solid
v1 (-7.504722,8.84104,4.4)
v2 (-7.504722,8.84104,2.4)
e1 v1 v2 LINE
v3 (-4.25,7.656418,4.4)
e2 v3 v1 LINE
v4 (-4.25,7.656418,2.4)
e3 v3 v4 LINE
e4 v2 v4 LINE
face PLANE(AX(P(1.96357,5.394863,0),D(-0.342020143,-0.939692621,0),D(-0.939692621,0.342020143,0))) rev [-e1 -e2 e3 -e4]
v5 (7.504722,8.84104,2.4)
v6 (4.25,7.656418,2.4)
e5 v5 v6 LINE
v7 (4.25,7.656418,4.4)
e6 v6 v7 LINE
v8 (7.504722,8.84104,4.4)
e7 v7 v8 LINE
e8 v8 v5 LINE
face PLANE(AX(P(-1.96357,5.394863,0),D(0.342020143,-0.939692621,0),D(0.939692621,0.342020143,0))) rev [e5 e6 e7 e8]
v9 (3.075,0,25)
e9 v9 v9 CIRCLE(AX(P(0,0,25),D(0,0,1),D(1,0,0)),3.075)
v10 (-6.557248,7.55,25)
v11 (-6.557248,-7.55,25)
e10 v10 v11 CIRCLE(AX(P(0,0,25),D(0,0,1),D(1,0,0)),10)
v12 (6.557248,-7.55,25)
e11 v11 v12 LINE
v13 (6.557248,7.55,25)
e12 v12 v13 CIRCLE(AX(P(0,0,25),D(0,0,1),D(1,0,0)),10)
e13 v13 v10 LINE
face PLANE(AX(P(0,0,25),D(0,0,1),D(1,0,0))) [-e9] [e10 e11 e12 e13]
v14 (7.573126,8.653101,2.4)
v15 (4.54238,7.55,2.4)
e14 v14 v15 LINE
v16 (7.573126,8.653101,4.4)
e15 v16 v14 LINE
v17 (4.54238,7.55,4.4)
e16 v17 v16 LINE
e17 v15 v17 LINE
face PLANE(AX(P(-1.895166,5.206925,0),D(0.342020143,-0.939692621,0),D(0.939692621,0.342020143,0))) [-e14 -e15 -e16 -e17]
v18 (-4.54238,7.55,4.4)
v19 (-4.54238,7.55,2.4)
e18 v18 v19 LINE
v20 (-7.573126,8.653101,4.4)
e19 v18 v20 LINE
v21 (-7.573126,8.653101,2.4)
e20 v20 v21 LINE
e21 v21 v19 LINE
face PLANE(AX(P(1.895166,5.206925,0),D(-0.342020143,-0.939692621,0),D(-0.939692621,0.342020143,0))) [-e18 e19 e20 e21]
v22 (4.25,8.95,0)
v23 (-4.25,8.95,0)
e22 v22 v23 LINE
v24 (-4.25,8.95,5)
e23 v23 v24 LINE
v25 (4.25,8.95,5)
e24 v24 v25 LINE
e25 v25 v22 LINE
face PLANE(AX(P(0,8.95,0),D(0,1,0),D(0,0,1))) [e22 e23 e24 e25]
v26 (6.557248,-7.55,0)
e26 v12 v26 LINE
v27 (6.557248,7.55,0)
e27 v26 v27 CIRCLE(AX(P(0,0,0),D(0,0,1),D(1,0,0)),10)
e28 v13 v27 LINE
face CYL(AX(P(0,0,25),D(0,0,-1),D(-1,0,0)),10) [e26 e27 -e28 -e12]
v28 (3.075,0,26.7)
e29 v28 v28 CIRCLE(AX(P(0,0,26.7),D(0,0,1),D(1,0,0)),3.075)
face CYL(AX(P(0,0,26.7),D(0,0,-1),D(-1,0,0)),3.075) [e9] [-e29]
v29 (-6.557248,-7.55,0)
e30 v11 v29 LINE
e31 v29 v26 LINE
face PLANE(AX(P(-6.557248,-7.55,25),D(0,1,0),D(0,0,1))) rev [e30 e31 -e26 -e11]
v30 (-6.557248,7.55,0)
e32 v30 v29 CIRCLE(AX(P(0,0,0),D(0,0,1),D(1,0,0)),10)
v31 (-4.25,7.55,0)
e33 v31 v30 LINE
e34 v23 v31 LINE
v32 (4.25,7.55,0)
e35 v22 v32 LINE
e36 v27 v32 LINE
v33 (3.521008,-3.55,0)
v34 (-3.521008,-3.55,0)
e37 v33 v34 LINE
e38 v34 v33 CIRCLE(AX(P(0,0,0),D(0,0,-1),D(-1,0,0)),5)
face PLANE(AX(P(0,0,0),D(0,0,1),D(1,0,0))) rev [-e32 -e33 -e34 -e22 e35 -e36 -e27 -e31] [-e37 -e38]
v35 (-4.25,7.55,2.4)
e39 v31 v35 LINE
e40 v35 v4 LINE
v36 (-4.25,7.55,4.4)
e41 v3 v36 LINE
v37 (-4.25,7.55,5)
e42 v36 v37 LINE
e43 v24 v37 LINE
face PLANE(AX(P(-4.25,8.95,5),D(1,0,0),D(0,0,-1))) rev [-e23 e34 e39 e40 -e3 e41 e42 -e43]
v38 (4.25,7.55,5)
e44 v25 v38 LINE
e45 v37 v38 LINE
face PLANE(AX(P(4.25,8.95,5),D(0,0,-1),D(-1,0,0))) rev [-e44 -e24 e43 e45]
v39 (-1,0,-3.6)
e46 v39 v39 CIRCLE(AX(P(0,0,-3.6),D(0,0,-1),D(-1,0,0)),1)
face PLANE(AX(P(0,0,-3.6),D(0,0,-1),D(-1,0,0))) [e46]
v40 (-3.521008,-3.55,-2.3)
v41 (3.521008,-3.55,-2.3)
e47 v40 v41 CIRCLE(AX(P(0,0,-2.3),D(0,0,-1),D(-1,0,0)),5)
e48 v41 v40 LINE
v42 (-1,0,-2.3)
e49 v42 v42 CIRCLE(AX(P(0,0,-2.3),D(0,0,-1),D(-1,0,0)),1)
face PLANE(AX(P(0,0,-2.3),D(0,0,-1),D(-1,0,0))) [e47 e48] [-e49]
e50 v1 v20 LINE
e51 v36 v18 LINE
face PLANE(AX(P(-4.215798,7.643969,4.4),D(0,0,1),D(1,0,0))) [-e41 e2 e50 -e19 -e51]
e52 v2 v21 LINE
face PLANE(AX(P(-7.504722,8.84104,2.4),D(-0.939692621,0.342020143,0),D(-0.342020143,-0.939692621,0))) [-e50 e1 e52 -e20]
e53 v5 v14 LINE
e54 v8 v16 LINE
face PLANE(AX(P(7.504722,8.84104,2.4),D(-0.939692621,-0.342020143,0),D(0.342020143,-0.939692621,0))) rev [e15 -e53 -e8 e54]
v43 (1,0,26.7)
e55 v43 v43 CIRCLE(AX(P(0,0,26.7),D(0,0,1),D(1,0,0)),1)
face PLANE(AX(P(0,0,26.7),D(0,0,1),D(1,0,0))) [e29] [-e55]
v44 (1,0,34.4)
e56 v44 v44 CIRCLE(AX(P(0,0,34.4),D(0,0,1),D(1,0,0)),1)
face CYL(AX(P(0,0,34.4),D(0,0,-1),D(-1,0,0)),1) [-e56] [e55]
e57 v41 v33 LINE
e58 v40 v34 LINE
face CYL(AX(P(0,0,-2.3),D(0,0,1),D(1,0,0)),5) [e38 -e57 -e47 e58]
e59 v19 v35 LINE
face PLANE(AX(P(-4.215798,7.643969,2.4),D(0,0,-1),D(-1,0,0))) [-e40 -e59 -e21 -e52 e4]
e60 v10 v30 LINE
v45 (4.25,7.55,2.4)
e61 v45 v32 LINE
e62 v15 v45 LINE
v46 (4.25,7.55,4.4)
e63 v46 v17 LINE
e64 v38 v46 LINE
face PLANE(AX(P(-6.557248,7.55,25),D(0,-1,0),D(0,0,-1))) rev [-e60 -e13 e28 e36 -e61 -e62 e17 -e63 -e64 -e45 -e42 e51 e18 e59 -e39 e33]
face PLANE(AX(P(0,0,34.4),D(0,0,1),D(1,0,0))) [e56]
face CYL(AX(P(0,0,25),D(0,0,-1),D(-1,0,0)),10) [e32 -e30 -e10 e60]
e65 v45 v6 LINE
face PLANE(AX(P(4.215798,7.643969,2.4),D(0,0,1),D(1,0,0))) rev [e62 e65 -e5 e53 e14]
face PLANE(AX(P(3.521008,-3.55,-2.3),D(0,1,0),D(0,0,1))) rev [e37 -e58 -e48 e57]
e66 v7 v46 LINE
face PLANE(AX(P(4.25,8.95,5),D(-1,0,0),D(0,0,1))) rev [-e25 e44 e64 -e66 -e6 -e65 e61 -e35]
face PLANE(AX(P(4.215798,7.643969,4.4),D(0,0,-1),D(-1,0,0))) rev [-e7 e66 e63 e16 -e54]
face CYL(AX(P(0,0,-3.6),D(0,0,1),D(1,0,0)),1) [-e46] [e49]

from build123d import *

# Parameters (mm, degrees)
EXTRUDE_1_DEPTH = 25
SKETCH_3_R      = 1
EXTRUDE_2_DEPTH = 9.4
SKETCH_4_R      = 3.075
EXTRUDE_3_DEPTH = 1.7
EXTRUDE_4_DEPTH = 2.3
EXTRUDE_START   = 1.3
SKETCH_6_R      = 1
EXTRUDE_5_DEPTH = 1.3
SKETCH_8_W      = 8.5
SKETCH_8_H      = 5
EXTRUDE_6_DEPTH = 1.4
SKETCH_9_W      = 2
SKETCH_9_H      = 3.5
EXTRUDE_7_DEPTH = 0.1


with BuildPart() as part:
    # 草图2 → 凸台-拉伸1 (new body)
    with BuildSketch(Plane.XY):
        with BuildLine():
            Line((-6.557247898, -7.55), (6.557247898, -7.55))
            ThreePointArc((6.557247898, -7.55), (10, 0), (6.557247898, 7.55))
            Line((6.557247898, 7.55), (-6.557247898, 7.55))
            ThreePointArc((-6.557247898, 7.55), (-10, 0), (-6.557247898, -7.55))
        make_face()
    extrude(amount=EXTRUDE_1_DEPTH)

    # 草图3 → 凸台-拉伸2 (add)
    with BuildSketch(Plane.XY.offset(25)):
        Circle(SKETCH_3_R)
    extrude(amount=EXTRUDE_2_DEPTH)

    # 草图4 → 凸台-拉伸3 (add)
    with BuildSketch(Plane.XY.offset(25)):
        Circle(SKETCH_4_R)
    extrude(amount=EXTRUDE_3_DEPTH)

    # 草图5 → 凸台-拉伸4 (add)
    with BuildSketch(Plane(origin=(0, 0, 0), x_dir=(-1, 0, 0), z_dir=(0, 0, -1))):
        with BuildLine():
            Line((-3.521008378, -3.55), (3.521008378, -3.55))
            ThreePointArc((3.521008378, -3.55), (0, 5), (-3.521008378, -3.55))
        make_face()
    extrude(amount=EXTRUDE_4_DEPTH)

    # 草图6 → 凸台-拉伸5 (add)
    with BuildSketch(Plane(origin=(0, 0, -2.3), x_dir=(-1, 0, 0), z_dir=(0, 0, -1)).offset(EXTRUDE_START)):
        with Locations(Location((0, 0, 0), (0, 0, 180))):
            Circle(SKETCH_6_R)
    extrude(amount=-EXTRUDE_5_DEPTH)

    # 草图8 → 凸台-拉伸6 (add)
    with BuildSketch(Plane(origin=(0, 7.55, 0), x_dir=(1, 0, 0), z_dir=(0, 1, 0))):
        with Locations((0, -2.5)):
            Rectangle(SKETCH_8_W, SKETCH_8_H)
    extrude(amount=EXTRUDE_6_DEPTH)

    # 草图9 → 凸台-拉伸7 (add, symmetric)
    with BuildSketch(Plane(origin=(-1.929367668, 5.300894102, 0), x_dir=(0, 0, -1), z_dir=(-0.34202014332566943, 0.9396926207859081, 0))):
        with Locations((-3.4, -8.32594572)):
            Rectangle(SKETCH_9_W, SKETCH_9_H)
    extrude_7 = extrude(amount=EXTRUDE_7_DEPTH, both=True)

    # 镜向1: 凸台-拉伸7 across plane
    add(extrude_7.mirror(Plane(origin=(0, 0, 0), x_dir=(0, 0, 1), z_dir=(1, 0, 0))))


solid = part.part
